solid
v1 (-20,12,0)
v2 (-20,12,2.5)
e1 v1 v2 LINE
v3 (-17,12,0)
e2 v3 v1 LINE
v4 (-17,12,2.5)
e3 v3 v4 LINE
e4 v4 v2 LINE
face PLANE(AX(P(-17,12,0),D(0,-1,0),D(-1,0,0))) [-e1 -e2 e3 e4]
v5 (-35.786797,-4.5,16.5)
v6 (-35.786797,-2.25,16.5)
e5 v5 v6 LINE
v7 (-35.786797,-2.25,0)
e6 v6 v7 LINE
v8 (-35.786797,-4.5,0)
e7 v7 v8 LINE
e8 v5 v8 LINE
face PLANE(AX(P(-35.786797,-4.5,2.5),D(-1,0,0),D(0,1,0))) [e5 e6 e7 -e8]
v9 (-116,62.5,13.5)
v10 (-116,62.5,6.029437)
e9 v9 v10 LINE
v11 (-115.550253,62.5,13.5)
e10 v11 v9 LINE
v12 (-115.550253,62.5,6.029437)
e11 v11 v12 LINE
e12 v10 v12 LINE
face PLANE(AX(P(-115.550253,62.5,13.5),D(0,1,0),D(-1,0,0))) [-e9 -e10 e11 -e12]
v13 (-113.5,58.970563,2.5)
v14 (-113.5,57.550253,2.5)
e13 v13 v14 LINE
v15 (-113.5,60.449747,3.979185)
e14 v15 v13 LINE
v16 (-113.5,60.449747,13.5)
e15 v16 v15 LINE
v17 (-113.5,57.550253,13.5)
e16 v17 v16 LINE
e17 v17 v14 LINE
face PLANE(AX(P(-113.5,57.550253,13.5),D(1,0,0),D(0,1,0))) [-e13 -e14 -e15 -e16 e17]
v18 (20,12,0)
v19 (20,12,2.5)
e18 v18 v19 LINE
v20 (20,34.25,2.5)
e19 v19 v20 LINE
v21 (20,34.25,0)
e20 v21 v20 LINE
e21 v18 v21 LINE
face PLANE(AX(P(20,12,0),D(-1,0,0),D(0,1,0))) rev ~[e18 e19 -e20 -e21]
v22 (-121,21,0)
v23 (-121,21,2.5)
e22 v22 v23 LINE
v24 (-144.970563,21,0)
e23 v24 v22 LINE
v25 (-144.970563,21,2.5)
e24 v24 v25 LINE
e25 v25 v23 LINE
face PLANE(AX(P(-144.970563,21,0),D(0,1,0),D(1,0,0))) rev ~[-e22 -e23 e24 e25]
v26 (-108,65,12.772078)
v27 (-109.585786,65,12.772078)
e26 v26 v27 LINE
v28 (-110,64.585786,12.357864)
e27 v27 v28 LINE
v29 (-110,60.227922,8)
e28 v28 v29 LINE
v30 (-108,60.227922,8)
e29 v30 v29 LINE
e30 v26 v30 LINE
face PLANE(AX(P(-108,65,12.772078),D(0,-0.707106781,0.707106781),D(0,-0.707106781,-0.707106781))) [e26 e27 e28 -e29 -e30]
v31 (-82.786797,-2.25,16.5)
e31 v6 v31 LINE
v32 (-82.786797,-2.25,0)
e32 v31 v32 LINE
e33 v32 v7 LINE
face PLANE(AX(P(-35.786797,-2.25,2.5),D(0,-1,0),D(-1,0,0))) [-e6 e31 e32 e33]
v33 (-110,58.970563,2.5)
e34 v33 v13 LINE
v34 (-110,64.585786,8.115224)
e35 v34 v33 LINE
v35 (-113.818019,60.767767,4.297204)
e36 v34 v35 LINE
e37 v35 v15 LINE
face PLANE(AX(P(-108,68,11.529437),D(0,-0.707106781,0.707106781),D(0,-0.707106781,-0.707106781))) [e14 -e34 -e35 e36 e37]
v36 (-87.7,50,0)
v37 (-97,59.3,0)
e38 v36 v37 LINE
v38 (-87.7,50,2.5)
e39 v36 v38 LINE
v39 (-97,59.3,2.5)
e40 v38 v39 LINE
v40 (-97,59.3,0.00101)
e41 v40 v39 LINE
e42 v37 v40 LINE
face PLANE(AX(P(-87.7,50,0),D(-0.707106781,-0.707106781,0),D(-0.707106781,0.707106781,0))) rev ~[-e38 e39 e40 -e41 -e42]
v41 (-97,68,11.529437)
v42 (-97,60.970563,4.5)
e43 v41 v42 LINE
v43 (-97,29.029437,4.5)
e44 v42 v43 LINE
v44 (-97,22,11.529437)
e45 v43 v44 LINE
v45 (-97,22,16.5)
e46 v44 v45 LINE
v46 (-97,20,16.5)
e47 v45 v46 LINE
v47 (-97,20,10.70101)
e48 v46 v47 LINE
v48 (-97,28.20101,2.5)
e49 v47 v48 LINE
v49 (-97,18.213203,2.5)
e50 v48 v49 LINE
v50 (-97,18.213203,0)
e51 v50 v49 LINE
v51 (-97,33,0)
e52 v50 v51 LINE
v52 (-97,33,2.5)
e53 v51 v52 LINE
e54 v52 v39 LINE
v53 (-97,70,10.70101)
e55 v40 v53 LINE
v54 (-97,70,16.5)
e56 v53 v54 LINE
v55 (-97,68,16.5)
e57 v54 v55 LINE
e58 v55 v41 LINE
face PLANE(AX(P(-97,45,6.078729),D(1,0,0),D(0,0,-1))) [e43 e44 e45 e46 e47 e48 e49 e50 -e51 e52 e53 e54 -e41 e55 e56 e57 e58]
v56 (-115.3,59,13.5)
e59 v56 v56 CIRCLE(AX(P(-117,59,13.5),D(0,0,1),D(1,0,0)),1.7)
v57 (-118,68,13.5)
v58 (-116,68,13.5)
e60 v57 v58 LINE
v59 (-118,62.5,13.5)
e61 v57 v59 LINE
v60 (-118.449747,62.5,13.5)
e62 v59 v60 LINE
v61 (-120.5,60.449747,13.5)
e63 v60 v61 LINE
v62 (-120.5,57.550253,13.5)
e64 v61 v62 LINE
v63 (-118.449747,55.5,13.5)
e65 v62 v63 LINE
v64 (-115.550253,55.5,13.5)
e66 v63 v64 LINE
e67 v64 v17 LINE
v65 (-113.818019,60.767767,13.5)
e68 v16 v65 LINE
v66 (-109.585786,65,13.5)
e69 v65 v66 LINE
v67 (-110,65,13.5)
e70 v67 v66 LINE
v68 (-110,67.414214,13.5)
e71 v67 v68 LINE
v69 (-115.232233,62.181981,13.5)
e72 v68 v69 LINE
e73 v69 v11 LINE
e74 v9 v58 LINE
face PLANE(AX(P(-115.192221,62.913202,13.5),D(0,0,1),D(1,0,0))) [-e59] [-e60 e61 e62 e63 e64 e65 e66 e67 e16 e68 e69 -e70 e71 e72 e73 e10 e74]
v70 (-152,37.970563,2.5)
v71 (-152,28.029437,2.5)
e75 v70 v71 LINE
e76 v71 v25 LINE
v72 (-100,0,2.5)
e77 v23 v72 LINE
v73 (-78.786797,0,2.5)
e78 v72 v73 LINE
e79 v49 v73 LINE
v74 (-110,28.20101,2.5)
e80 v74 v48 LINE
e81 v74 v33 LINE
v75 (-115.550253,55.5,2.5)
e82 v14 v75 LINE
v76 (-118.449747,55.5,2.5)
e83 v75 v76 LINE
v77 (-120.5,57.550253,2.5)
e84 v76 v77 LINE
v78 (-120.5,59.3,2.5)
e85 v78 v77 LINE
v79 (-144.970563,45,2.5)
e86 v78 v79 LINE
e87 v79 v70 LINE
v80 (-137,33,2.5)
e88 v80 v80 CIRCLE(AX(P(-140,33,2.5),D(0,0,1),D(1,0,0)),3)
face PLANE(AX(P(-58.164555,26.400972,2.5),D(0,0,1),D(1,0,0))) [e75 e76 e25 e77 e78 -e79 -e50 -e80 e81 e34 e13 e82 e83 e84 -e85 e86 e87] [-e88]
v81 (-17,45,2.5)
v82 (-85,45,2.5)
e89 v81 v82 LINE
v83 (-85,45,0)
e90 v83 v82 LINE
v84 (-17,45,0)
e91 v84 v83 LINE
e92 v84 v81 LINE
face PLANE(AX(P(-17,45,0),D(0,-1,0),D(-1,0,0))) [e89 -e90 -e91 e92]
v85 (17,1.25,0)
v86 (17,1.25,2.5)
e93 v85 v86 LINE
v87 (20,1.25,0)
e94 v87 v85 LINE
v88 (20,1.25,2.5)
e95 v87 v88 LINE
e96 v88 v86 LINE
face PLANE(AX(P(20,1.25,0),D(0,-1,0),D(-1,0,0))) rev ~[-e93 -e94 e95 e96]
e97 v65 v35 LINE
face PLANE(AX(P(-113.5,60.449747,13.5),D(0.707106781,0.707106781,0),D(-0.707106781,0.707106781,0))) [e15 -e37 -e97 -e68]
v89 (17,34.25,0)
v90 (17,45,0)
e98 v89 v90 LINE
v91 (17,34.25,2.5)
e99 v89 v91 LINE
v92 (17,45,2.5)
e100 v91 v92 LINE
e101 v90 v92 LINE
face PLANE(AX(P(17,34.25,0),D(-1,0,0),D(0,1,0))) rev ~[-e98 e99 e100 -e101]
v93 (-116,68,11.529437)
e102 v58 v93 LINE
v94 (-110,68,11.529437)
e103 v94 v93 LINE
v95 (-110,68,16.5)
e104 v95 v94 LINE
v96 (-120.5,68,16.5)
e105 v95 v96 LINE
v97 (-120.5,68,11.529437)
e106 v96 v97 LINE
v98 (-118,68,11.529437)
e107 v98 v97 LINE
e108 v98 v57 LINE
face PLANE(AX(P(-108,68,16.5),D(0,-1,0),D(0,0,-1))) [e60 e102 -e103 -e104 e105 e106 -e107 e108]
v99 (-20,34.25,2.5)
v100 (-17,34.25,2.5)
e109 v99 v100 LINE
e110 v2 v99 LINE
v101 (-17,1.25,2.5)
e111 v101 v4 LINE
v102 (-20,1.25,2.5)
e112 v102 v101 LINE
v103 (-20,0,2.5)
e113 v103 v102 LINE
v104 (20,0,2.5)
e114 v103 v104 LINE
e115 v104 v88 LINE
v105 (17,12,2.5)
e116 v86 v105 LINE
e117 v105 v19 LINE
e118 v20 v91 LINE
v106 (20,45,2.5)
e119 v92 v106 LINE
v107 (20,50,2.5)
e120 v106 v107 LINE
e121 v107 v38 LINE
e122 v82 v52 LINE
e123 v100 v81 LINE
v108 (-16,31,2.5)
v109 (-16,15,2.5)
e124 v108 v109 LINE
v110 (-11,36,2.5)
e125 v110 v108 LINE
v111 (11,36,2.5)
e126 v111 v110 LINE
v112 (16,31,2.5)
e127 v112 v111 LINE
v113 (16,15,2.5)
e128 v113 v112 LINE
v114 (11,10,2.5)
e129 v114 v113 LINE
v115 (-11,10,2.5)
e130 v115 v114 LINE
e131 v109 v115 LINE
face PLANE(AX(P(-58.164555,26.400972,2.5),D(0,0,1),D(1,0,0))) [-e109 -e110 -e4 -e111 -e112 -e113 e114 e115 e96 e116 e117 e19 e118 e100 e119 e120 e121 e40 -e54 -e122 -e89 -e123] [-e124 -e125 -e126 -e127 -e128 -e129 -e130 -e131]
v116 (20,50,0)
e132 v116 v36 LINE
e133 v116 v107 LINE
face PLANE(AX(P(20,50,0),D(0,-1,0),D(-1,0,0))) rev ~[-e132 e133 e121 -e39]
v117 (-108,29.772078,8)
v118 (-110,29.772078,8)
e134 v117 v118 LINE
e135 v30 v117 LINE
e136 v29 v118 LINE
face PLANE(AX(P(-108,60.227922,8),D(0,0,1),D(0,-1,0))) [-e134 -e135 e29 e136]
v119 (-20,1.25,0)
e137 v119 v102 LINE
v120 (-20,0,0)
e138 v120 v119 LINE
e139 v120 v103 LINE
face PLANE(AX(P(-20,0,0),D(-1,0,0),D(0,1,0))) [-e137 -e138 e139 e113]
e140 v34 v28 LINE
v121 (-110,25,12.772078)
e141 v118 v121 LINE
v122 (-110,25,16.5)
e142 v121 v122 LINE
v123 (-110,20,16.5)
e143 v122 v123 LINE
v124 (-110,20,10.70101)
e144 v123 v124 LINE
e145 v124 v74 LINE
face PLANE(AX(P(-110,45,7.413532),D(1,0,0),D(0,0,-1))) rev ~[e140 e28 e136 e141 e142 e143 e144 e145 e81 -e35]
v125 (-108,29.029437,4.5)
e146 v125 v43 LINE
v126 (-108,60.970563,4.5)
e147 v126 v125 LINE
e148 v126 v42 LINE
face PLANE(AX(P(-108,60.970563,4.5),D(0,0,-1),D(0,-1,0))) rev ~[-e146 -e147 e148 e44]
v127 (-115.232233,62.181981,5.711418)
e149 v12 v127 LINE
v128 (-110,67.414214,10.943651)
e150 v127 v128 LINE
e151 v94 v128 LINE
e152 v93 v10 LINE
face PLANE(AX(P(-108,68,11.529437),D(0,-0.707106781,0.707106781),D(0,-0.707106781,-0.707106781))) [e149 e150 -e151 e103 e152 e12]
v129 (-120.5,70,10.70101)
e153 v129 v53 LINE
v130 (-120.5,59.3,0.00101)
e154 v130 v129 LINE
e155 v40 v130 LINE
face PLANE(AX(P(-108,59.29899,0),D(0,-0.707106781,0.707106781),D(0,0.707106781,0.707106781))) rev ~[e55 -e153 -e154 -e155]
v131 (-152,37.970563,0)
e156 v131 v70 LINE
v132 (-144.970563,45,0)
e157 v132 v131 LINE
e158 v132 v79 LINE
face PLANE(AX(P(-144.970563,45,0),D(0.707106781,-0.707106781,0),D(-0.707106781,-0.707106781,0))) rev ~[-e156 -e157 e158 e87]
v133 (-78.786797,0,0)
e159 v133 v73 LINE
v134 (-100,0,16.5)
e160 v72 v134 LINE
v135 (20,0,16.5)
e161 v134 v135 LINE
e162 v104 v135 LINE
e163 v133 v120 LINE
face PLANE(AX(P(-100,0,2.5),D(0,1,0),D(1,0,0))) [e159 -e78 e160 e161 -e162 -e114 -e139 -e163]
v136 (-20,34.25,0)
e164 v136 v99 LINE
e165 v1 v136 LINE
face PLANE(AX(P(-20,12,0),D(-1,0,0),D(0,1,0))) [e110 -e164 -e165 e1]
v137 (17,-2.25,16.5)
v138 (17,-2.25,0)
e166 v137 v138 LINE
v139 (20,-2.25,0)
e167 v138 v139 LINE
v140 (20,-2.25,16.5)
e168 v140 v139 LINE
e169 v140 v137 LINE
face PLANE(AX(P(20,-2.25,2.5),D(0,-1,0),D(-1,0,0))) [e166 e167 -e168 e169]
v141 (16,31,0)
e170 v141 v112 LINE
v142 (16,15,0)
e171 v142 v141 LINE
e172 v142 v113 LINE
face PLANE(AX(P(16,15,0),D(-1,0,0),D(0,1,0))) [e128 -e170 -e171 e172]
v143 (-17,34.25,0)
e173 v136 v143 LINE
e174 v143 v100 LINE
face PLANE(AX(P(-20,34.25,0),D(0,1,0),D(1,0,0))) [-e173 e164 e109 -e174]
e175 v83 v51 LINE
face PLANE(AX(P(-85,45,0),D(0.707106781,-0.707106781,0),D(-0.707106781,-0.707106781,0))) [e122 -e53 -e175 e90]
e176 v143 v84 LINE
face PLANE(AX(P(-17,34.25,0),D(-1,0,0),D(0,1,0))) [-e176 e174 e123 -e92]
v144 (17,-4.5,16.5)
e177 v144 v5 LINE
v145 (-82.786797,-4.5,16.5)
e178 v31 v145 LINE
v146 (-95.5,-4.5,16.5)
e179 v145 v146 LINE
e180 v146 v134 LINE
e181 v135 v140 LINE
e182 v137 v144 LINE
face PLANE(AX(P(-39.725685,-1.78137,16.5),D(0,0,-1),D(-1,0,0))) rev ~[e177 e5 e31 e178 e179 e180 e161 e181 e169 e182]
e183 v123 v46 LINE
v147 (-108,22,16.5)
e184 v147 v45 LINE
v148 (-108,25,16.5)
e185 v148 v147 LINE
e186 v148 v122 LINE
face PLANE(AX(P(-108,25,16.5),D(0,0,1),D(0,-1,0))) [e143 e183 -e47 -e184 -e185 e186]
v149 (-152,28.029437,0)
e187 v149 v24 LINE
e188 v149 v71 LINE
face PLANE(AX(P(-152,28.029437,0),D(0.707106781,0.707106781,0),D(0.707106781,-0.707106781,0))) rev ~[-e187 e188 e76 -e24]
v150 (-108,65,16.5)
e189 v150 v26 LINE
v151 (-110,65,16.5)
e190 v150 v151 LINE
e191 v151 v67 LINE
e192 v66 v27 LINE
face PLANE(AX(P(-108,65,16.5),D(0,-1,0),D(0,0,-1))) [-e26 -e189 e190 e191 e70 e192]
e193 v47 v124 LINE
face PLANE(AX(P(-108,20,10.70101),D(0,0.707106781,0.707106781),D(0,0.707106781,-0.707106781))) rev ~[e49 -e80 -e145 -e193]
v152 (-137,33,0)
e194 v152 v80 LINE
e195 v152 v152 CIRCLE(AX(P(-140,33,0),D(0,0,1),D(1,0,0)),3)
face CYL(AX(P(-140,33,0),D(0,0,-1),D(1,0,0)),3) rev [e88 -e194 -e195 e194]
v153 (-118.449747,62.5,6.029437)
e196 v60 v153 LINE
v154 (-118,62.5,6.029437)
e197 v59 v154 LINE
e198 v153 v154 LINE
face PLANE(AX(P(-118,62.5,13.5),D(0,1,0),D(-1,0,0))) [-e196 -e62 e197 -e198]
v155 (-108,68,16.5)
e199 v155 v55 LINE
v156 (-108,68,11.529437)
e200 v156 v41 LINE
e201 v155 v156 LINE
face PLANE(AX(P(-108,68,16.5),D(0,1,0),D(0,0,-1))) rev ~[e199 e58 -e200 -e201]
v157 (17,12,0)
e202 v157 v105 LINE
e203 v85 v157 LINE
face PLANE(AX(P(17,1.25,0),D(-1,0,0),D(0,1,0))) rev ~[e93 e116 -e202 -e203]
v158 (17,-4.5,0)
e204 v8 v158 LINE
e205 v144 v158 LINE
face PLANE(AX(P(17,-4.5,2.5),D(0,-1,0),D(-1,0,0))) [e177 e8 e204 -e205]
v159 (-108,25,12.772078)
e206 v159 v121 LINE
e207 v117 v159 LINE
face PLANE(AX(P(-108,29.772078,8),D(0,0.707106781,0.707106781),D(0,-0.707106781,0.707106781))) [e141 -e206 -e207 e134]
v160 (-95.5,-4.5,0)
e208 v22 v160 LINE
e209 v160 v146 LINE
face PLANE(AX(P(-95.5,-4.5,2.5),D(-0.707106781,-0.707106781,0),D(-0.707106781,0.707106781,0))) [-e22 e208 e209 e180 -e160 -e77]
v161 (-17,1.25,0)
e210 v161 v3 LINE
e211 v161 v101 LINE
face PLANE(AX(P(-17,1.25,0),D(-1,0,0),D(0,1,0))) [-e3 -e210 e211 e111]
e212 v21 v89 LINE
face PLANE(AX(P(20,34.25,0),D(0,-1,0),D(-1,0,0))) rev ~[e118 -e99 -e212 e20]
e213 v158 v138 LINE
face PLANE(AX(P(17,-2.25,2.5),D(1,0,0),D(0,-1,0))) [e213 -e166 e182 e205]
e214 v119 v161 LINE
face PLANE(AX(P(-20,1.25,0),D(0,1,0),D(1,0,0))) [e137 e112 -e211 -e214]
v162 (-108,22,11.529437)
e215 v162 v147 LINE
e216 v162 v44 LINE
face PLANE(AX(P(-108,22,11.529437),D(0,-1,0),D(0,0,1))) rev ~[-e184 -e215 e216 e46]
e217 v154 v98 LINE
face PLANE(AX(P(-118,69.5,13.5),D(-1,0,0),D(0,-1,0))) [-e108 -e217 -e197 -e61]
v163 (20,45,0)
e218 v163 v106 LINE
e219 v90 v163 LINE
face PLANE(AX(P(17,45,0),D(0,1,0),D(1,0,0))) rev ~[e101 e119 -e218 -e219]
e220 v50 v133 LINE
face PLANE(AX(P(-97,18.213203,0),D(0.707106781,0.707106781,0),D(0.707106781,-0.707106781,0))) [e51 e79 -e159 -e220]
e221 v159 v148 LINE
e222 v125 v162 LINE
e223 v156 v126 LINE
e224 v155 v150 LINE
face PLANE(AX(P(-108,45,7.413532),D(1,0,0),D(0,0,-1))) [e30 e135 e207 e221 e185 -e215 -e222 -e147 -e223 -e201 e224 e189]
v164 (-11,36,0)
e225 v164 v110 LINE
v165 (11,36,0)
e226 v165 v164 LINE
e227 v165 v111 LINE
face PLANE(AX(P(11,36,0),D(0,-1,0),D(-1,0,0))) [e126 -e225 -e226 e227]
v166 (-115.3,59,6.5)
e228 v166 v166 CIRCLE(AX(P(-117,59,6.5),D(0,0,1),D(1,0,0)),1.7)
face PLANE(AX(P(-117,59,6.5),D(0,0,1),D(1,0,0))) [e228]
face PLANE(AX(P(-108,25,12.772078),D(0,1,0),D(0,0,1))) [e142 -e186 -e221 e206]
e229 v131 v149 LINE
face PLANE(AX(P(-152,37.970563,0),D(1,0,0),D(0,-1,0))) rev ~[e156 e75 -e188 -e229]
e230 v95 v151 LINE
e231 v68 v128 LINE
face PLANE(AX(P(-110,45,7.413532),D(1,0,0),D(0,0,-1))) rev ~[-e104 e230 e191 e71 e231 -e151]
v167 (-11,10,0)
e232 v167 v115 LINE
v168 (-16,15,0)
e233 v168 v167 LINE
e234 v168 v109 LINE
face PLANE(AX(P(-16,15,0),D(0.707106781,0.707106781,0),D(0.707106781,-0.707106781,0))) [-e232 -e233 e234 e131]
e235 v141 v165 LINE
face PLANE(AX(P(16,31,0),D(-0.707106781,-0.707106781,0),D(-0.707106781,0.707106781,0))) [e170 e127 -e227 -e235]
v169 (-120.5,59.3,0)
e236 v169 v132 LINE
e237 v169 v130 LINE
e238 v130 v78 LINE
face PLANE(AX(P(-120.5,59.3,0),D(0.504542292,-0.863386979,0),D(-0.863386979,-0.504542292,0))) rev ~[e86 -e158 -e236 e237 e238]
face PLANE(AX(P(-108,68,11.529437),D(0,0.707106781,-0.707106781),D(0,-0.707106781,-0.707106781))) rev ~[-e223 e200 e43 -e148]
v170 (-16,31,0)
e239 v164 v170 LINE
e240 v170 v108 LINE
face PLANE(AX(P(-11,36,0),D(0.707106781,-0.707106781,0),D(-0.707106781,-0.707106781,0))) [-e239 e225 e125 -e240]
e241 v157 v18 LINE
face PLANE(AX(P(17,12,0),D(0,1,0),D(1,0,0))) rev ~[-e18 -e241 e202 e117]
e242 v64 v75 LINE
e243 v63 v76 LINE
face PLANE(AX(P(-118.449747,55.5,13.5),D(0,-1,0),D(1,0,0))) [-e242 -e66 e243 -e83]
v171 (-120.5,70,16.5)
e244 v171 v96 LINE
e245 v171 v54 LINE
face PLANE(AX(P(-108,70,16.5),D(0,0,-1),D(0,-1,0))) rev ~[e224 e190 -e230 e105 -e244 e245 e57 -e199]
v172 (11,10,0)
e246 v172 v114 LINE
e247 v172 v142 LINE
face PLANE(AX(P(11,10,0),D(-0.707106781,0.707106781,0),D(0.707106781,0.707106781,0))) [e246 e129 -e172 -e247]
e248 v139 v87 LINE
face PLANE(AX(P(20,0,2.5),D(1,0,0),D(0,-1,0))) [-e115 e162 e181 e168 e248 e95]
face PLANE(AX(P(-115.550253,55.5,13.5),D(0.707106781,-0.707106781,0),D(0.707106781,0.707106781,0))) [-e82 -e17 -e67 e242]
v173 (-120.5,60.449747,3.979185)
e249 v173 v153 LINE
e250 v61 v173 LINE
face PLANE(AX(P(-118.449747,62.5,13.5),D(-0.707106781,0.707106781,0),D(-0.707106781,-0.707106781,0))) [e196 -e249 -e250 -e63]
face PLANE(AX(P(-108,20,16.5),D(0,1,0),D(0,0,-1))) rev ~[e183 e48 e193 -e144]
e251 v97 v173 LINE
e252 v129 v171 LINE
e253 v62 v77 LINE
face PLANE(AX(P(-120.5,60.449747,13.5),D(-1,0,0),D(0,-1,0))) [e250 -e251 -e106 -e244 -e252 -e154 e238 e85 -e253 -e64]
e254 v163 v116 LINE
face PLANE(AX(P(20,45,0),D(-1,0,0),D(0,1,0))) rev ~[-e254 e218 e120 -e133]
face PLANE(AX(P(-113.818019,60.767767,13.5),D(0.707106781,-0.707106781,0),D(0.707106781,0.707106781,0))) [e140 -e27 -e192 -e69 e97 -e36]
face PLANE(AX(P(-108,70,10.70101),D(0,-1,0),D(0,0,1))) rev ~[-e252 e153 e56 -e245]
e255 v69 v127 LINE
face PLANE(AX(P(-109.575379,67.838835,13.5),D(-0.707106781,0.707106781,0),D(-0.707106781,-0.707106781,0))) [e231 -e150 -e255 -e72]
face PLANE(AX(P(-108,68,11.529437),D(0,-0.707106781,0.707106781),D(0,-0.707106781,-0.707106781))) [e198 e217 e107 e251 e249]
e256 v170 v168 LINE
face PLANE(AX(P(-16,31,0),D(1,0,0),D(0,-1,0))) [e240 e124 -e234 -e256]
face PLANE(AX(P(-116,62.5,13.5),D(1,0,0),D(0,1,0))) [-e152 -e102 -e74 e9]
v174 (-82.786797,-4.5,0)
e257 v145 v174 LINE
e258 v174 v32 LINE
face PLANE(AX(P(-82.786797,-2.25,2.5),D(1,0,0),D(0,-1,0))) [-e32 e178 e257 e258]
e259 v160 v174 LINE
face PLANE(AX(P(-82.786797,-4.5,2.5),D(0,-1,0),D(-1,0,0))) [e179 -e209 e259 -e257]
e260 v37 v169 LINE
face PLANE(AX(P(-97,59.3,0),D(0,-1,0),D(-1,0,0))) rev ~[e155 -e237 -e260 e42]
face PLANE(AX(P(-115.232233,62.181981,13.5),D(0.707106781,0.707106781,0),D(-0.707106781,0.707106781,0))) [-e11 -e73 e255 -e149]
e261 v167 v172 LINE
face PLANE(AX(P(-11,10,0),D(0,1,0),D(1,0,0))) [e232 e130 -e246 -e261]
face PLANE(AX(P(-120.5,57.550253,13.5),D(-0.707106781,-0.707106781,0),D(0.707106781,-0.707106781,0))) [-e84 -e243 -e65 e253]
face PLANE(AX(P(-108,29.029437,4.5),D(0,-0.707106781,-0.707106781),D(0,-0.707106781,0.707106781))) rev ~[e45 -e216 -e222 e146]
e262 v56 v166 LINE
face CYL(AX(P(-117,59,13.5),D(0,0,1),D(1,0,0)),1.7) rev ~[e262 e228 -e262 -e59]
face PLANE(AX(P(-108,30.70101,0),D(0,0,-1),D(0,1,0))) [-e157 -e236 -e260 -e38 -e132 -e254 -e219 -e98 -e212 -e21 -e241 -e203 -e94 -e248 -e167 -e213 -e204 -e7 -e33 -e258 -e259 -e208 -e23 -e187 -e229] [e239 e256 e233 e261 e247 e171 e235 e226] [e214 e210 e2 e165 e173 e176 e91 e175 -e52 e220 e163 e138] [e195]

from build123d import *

# Parameters (mm, degrees)
SKETCH4_R            = 3
MAIN_WALL_DEPTH      = 2.5
BASE_DEPTH           = 14
BOSS_EXTRUDE8_DEPTH  = 2
BOSS_EXTRUDE9_DEPTH  = 11
BOSS_EXTRUDE15_DEPTH = 12.5
BOSS_EXTRUDE13_REACH = 169.888
SKETCH19_R           = 1.7
CUT_EXTRUDE1_DEPTH   = 7


with BuildPart() as part:
    # Sketch4 → Main Wall (new body)
    with BuildSketch(Plane.XY):
        Polygon((-97, 59.3), (-113.5, 59.3), (-120.5, 59.3), (-144.970562748, 45), (-152, 37.970562748), (-152, 28.029437252), (-144.970562748, 21), (-135.029437252, 21), (-121, 21), (-95.5, -4.5), (-82.786796564, -4.5), (-82.786796564, -2.25), (-35.786796564, -2.25), (-35.786796564, -4.5), (17, -4.5), (17, -2.25), (20, -2.25), (20, 1.25), (17, 1.25), (17, 12), (20, 12), (20, 34.25), (17, 34.25), (17, 45), (20, 45), (20, 50), (-87.7, 50), align=None)
        with Locations((-140, 33)):
            Circle(SKETCH4_R, mode=Mode.SUBTRACT)
        Polygon((-20, 0), (-20, 1.25), (-17, 1.25), (-17, 12), (-20, 12), (-20, 34.25), (-17, 34.25), (-17, 45), (-85, 45), (-97, 33), (-97, 18.213203436), (-78.786796564, 0), align=None, mode=Mode.SUBTRACT)
        Polygon((11, 36), (-11, 36), (-16, 31), (-16, 15), (-11, 10), (11, 10), (16, 15), (16, 31), align=None, mode=Mode.SUBTRACT)
    extrude(amount=MAIN_WALL_DEPTH)

    # Sketch5 → Base (add)
    with BuildSketch(Plane.XY.offset(2.5)):
        Polygon((20, 0), (20, -2.25), (17, -2.25), (17, -4.5), (-35.786796564, -4.5), (-35.786796564, -2.25), (-82.786796564, -2.25), (-82.786796564, -4.5), (-95.5, -4.5), (-100, 0), align=None)
    extrude(amount=BASE_DEPTH)

    # Sketch15 → Boss-Extrude8 (add)
    with BuildSketch(Plane(origin=(-108, 0, 0), x_dir=(0, 0, -1), z_dir=(1, 0, 0))):
        Polygon((0, 30.701010127), (0, 59.298989873), (-10.701010127, 70), (-16.5, 70), (-16.5, 68), (-16.5, 65), (-12.772077939, 65), (-8, 60.227922061), (-8, 29.772077939), (-12.772077939, 25), (-16.5, 25), (-16.5, 20), (-10.701010127, 20), align=None)
    extrude(amount=-BOSS_EXTRUDE8_DEPTH)

    # Sketch16 → Boss-Extrude9 (add)
    with BuildSketch(Plane(origin=(-108, 0, 0), x_dir=(0, 0, -1), z_dir=(1, 0, 0))):
        Polygon((-16.5, 68), (-11.529437252, 68), (-4.5, 60.970562748), (-4.5, 29.029437252), (-11.529437252, 22), (-16.5, 22), (-16.5, 20), (-10.701010127, 20), (0, 30.701010127), (0, 59.298989873), (-10.701010127, 70), (-16.5, 70), align=None)
    extrude(amount=BOSS_EXTRUDE9_DEPTH)

    # Sketch17 → Boss-Extrude15 (add)
    with BuildSketch(Plane(origin=(-108, 0, 0), x_dir=(0, 0, -1), z_dir=(1, 0, 0))):
        Polygon((0, 59.298989873), (-10.701010127, 70), (-16.5, 70), (-16.5, 68), (-11.529437252, 68), (-2.5, 58.970562748), (-2.5, 50), (0, 50), align=None)
    extrude(amount=-BOSS_EXTRUDE15_DEPTH)

    # Sketch18 → Boss-Extrude13 (add, up to next)
    with BuildSketch(Plane.XY.offset(13.5), mode=Mode.PRIVATE) as boss_extrude13_sk1:
        Polygon((-115.550252532, 62.5), (-116, 62.5), (-116, 69.5), (-118, 69.5), (-118, 62.5), (-118.449747468, 62.5), (-120.5, 60.449747468), (-120.5, 57.550252532), (-118.449747468, 55.5), (-115.550252532, 55.5), (-113.5, 57.550252532), (-113.5, 60.449747468), (-113.818019485, 60.767766953), (-108.161165235, 66.424621202), (-109.575378798, 67.838834765), (-115.232233047, 62.181980515), align=None)
    boss_extrude13_tool1 = extrude(boss_extrude13_sk1.sketch, amount=-BOSS_EXTRUDE13_REACH, mode=Mode.PRIVATE) - part.part
    add(boss_extrude13_tool1.solids().sort_by_distance((-115.797998, 61.590243, 13.5))[0])

    # Sketch19 → Cut-Extrude1 (cut)
    with BuildSketch(Plane.XY.offset(13.5)):
        with Locations((-117, 59)):
            Circle(SKETCH19_R)
    extrude(amount=-CUT_EXTRUDE1_DEPTH, mode=Mode.SUBTRACT)


solid = part.part
